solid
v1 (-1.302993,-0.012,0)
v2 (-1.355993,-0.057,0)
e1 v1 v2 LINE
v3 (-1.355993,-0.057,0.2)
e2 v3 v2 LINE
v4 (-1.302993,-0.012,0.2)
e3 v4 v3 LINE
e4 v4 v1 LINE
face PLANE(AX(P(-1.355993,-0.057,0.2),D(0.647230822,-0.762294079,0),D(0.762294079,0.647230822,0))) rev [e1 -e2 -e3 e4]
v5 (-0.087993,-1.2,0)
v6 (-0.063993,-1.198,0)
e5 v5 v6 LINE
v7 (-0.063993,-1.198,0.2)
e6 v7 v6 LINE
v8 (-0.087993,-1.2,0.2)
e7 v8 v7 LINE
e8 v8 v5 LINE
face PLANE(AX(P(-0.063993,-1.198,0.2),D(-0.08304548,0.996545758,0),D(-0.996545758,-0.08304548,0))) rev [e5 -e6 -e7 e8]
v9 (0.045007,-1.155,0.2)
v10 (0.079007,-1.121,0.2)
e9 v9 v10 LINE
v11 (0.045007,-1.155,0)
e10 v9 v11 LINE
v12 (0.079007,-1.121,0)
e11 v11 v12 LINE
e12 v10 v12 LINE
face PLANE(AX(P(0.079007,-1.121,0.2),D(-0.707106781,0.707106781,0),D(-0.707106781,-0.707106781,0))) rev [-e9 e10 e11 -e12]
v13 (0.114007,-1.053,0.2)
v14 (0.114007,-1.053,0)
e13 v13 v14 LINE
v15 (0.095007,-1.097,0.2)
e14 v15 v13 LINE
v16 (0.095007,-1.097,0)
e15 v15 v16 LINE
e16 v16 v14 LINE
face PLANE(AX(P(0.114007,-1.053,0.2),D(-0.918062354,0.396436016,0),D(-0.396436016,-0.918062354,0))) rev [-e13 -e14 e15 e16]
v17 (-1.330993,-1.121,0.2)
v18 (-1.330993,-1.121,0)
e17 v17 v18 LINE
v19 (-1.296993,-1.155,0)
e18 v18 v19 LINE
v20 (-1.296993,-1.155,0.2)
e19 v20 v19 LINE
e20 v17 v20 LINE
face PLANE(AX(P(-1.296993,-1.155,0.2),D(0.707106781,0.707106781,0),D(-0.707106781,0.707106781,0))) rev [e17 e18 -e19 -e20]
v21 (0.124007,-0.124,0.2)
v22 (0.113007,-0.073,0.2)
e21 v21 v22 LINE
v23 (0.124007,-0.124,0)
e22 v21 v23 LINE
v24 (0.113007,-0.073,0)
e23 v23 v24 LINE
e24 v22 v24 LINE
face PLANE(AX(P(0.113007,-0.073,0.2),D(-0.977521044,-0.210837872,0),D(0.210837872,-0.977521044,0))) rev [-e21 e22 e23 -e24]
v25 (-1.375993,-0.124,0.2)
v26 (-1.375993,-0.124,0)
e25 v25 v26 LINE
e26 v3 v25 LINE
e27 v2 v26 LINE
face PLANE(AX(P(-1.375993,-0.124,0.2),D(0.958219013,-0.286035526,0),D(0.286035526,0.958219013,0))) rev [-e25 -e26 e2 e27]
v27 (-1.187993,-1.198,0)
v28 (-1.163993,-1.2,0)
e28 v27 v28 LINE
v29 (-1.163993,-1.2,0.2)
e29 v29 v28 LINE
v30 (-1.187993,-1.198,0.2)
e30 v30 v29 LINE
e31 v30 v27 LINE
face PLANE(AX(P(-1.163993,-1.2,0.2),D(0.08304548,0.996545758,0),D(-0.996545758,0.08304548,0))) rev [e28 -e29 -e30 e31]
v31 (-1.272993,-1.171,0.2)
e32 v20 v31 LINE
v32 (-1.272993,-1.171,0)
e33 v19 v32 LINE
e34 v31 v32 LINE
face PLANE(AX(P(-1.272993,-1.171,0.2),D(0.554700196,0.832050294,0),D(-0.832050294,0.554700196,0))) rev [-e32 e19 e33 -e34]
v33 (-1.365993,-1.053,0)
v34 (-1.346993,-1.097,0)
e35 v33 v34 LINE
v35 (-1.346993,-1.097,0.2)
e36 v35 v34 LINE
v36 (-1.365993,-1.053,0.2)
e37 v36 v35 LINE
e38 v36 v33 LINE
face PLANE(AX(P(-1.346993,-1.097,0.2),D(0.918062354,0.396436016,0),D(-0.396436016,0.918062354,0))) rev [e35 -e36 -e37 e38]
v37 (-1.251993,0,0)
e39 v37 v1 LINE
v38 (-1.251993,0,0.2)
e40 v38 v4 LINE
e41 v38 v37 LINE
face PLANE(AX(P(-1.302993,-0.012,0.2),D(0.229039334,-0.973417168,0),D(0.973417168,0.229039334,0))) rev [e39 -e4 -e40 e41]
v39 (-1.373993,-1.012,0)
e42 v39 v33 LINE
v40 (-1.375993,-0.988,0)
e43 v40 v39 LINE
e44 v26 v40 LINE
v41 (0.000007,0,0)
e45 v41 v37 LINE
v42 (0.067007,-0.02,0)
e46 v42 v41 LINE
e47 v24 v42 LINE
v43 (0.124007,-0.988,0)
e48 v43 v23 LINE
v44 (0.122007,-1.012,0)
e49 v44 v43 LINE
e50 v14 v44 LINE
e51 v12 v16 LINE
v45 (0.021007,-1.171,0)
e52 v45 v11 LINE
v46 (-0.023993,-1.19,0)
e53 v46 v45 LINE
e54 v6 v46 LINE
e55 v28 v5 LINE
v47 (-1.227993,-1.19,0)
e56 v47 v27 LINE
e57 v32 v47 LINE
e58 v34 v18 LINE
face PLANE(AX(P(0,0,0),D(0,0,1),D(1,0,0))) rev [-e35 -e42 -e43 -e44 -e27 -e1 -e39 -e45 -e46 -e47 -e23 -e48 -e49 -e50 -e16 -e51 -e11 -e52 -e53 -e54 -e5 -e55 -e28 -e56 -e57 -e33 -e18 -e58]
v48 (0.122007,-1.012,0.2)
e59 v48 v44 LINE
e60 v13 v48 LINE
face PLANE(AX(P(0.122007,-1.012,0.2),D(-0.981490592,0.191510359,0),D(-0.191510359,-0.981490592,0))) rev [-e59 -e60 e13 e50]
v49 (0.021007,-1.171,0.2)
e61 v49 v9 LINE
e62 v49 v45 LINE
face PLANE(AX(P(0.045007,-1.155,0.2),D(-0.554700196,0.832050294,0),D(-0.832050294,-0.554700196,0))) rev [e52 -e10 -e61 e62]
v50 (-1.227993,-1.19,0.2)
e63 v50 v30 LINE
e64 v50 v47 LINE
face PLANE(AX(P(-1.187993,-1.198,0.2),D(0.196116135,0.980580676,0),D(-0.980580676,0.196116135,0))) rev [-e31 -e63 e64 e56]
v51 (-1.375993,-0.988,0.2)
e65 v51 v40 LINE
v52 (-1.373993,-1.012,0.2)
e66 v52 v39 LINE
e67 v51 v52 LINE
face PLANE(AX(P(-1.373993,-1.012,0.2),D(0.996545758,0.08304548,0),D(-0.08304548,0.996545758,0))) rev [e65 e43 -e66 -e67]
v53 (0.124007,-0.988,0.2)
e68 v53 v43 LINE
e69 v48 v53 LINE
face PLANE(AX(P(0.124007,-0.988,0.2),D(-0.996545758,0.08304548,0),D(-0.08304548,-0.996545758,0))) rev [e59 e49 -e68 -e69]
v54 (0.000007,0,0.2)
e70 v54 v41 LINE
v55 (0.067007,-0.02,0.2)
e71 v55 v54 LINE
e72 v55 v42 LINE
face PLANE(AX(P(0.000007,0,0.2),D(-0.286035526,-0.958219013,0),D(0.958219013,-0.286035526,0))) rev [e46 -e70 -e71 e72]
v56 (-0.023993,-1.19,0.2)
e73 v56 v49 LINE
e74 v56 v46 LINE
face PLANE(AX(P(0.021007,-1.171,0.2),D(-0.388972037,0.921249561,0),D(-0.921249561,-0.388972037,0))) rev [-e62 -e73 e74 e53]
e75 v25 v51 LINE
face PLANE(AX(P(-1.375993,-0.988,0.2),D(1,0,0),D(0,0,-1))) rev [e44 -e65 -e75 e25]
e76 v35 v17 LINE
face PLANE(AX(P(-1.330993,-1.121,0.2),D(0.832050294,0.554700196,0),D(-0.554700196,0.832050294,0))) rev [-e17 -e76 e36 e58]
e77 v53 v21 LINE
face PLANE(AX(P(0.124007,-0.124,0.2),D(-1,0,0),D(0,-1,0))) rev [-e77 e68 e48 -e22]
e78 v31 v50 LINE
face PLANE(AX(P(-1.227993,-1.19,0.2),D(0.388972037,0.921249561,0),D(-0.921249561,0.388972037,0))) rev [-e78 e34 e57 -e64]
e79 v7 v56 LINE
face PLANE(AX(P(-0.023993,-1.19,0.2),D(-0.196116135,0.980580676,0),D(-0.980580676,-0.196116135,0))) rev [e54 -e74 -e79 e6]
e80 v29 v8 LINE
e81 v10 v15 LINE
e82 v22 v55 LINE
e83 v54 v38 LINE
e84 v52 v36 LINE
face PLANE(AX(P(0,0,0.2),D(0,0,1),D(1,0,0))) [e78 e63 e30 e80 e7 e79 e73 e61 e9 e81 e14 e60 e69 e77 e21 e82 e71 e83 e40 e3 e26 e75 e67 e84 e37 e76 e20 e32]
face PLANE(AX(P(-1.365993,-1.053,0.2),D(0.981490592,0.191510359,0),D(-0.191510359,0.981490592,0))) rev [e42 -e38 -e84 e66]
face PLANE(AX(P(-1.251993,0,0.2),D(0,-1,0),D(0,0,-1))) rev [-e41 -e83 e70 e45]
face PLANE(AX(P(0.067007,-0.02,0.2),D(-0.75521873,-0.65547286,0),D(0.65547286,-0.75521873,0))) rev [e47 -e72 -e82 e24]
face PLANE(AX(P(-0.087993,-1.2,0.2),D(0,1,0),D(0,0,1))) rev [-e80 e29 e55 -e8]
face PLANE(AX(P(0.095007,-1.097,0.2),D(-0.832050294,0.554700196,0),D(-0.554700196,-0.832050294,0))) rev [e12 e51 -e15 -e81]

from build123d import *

# Parameters (mm, degrees)
BOSS_EXTRUDE1_DEPTH   = 0.2
BOSS_EXTRUDE1_2_DEPTH = 0.2


with BuildPart() as part:
    # Model → Boss-Extrude1 (new body)
    with BuildSketch(Plane.XY):
        Polygon((-25.753693147, -3.046), (-25.644493147, -3.06), (-25.613193147, -3.068), (-25.522793147, -3.106), (-25.494793147, -3.122), (-25.417093147, -3.182), (-25.394193147, -3.205), (-25.334593147, -3.282), (-25.318493147, -3.31), (-25.280993147, -3.401), (-25.272593147, -3.432), (-25.258193147, -3.541), (-25.257693147, -3.549), (-25.257693147, -4.045), (-25.234893147, -4.16), (-25.169993147, -4.257), (-25.068993147, -4.325), (-25.023993147, -4.379), (-25.013993147, -4.428), (-25.017993147, -6.466), (-25.037993147, -6.533), (-25.073993147, -6.569), (-25.169993147, -6.633), (-25.234893147, -6.73), (-25.257693147, -6.845), (-25.257693147, -7.341), (-25.258193147, -7.349), (-25.272593147, -7.458), (-25.280993147, -7.49), (-25.318393147, -7.58), (-25.334593147, -7.608), (-25.394193147, -7.686), (-25.417093147, -7.709), (-25.494693147, -7.768), (-25.522793147, -7.784), (-25.613193147, -7.822), (-25.644493147, -7.83), (-25.753693147, -7.845), (-25.761793147, -7.845), (-27.953593147, -7.845), (-27.961693147, -7.845), (-28.070893147, -7.83), (-28.102193147, -7.822), (-28.192593147, -7.784), (-28.220693147, -7.768), (-28.298293147, -7.709), (-28.321193147, -7.686), (-28.380793147, -7.608), (-28.396993147, -7.58), (-28.434393147, -7.49), (-28.442793147, -7.458), (-28.457193147, -7.349), (-28.457693147, -7.341), (-28.457693147, -3.549), (-28.457193147, -3.541), (-28.442793147, -3.432), (-28.434393147, -3.401), (-28.396893147, -3.31), (-28.380793147, -3.282), (-28.321193147, -3.205), (-28.298293147, -3.182), (-28.220593147, -3.122), (-28.192593147, -3.106), (-28.102193147, -3.068), (-28.070893147, -3.06), (-27.961693147, -3.046), (-27.953593147, -3.045), (-25.761793147, -3.045), align=None)
    extrude(amount=BOSS_EXTRUDE1_DEPTH)


with BuildPart() as body_2:
    # Model → Boss-Extrude1 2 (new body)
    with BuildSketch(Plane.XY):
        Polygon((0.067006853, -0.02), (0.113006853, -0.073), (0.124006853, -0.124), (0.124006853, -0.988), (0.122006853, -1.012), (0.114006853, -1.053), (0.095006853, -1.097), (0.079006853, -1.121), (0.045006853, -1.155), (0.021006853, -1.171), (-0.023993147, -1.19), (-0.063993147, -1.198), (-0.087993147, -1.2), (-1.163993147, -1.2), (-1.187993147, -1.198), (-1.227993147, -1.19), (-1.272993147, -1.171), (-1.296993147, -1.155), (-1.330993147, -1.121), (-1.346993147, -1.097), (-1.365993147, -1.053), (-1.373993147, -1.012), (-1.375993147, -0.988), (-1.375993147, -0.124), (-1.355993147, -0.057), (-1.302993147, -0.012), (-1.251993147, 0), (6.853e-06, 0), align=None)
    extrude(amount=BOSS_EXTRUDE1_2_DEPTH)


solid = body_2.part
